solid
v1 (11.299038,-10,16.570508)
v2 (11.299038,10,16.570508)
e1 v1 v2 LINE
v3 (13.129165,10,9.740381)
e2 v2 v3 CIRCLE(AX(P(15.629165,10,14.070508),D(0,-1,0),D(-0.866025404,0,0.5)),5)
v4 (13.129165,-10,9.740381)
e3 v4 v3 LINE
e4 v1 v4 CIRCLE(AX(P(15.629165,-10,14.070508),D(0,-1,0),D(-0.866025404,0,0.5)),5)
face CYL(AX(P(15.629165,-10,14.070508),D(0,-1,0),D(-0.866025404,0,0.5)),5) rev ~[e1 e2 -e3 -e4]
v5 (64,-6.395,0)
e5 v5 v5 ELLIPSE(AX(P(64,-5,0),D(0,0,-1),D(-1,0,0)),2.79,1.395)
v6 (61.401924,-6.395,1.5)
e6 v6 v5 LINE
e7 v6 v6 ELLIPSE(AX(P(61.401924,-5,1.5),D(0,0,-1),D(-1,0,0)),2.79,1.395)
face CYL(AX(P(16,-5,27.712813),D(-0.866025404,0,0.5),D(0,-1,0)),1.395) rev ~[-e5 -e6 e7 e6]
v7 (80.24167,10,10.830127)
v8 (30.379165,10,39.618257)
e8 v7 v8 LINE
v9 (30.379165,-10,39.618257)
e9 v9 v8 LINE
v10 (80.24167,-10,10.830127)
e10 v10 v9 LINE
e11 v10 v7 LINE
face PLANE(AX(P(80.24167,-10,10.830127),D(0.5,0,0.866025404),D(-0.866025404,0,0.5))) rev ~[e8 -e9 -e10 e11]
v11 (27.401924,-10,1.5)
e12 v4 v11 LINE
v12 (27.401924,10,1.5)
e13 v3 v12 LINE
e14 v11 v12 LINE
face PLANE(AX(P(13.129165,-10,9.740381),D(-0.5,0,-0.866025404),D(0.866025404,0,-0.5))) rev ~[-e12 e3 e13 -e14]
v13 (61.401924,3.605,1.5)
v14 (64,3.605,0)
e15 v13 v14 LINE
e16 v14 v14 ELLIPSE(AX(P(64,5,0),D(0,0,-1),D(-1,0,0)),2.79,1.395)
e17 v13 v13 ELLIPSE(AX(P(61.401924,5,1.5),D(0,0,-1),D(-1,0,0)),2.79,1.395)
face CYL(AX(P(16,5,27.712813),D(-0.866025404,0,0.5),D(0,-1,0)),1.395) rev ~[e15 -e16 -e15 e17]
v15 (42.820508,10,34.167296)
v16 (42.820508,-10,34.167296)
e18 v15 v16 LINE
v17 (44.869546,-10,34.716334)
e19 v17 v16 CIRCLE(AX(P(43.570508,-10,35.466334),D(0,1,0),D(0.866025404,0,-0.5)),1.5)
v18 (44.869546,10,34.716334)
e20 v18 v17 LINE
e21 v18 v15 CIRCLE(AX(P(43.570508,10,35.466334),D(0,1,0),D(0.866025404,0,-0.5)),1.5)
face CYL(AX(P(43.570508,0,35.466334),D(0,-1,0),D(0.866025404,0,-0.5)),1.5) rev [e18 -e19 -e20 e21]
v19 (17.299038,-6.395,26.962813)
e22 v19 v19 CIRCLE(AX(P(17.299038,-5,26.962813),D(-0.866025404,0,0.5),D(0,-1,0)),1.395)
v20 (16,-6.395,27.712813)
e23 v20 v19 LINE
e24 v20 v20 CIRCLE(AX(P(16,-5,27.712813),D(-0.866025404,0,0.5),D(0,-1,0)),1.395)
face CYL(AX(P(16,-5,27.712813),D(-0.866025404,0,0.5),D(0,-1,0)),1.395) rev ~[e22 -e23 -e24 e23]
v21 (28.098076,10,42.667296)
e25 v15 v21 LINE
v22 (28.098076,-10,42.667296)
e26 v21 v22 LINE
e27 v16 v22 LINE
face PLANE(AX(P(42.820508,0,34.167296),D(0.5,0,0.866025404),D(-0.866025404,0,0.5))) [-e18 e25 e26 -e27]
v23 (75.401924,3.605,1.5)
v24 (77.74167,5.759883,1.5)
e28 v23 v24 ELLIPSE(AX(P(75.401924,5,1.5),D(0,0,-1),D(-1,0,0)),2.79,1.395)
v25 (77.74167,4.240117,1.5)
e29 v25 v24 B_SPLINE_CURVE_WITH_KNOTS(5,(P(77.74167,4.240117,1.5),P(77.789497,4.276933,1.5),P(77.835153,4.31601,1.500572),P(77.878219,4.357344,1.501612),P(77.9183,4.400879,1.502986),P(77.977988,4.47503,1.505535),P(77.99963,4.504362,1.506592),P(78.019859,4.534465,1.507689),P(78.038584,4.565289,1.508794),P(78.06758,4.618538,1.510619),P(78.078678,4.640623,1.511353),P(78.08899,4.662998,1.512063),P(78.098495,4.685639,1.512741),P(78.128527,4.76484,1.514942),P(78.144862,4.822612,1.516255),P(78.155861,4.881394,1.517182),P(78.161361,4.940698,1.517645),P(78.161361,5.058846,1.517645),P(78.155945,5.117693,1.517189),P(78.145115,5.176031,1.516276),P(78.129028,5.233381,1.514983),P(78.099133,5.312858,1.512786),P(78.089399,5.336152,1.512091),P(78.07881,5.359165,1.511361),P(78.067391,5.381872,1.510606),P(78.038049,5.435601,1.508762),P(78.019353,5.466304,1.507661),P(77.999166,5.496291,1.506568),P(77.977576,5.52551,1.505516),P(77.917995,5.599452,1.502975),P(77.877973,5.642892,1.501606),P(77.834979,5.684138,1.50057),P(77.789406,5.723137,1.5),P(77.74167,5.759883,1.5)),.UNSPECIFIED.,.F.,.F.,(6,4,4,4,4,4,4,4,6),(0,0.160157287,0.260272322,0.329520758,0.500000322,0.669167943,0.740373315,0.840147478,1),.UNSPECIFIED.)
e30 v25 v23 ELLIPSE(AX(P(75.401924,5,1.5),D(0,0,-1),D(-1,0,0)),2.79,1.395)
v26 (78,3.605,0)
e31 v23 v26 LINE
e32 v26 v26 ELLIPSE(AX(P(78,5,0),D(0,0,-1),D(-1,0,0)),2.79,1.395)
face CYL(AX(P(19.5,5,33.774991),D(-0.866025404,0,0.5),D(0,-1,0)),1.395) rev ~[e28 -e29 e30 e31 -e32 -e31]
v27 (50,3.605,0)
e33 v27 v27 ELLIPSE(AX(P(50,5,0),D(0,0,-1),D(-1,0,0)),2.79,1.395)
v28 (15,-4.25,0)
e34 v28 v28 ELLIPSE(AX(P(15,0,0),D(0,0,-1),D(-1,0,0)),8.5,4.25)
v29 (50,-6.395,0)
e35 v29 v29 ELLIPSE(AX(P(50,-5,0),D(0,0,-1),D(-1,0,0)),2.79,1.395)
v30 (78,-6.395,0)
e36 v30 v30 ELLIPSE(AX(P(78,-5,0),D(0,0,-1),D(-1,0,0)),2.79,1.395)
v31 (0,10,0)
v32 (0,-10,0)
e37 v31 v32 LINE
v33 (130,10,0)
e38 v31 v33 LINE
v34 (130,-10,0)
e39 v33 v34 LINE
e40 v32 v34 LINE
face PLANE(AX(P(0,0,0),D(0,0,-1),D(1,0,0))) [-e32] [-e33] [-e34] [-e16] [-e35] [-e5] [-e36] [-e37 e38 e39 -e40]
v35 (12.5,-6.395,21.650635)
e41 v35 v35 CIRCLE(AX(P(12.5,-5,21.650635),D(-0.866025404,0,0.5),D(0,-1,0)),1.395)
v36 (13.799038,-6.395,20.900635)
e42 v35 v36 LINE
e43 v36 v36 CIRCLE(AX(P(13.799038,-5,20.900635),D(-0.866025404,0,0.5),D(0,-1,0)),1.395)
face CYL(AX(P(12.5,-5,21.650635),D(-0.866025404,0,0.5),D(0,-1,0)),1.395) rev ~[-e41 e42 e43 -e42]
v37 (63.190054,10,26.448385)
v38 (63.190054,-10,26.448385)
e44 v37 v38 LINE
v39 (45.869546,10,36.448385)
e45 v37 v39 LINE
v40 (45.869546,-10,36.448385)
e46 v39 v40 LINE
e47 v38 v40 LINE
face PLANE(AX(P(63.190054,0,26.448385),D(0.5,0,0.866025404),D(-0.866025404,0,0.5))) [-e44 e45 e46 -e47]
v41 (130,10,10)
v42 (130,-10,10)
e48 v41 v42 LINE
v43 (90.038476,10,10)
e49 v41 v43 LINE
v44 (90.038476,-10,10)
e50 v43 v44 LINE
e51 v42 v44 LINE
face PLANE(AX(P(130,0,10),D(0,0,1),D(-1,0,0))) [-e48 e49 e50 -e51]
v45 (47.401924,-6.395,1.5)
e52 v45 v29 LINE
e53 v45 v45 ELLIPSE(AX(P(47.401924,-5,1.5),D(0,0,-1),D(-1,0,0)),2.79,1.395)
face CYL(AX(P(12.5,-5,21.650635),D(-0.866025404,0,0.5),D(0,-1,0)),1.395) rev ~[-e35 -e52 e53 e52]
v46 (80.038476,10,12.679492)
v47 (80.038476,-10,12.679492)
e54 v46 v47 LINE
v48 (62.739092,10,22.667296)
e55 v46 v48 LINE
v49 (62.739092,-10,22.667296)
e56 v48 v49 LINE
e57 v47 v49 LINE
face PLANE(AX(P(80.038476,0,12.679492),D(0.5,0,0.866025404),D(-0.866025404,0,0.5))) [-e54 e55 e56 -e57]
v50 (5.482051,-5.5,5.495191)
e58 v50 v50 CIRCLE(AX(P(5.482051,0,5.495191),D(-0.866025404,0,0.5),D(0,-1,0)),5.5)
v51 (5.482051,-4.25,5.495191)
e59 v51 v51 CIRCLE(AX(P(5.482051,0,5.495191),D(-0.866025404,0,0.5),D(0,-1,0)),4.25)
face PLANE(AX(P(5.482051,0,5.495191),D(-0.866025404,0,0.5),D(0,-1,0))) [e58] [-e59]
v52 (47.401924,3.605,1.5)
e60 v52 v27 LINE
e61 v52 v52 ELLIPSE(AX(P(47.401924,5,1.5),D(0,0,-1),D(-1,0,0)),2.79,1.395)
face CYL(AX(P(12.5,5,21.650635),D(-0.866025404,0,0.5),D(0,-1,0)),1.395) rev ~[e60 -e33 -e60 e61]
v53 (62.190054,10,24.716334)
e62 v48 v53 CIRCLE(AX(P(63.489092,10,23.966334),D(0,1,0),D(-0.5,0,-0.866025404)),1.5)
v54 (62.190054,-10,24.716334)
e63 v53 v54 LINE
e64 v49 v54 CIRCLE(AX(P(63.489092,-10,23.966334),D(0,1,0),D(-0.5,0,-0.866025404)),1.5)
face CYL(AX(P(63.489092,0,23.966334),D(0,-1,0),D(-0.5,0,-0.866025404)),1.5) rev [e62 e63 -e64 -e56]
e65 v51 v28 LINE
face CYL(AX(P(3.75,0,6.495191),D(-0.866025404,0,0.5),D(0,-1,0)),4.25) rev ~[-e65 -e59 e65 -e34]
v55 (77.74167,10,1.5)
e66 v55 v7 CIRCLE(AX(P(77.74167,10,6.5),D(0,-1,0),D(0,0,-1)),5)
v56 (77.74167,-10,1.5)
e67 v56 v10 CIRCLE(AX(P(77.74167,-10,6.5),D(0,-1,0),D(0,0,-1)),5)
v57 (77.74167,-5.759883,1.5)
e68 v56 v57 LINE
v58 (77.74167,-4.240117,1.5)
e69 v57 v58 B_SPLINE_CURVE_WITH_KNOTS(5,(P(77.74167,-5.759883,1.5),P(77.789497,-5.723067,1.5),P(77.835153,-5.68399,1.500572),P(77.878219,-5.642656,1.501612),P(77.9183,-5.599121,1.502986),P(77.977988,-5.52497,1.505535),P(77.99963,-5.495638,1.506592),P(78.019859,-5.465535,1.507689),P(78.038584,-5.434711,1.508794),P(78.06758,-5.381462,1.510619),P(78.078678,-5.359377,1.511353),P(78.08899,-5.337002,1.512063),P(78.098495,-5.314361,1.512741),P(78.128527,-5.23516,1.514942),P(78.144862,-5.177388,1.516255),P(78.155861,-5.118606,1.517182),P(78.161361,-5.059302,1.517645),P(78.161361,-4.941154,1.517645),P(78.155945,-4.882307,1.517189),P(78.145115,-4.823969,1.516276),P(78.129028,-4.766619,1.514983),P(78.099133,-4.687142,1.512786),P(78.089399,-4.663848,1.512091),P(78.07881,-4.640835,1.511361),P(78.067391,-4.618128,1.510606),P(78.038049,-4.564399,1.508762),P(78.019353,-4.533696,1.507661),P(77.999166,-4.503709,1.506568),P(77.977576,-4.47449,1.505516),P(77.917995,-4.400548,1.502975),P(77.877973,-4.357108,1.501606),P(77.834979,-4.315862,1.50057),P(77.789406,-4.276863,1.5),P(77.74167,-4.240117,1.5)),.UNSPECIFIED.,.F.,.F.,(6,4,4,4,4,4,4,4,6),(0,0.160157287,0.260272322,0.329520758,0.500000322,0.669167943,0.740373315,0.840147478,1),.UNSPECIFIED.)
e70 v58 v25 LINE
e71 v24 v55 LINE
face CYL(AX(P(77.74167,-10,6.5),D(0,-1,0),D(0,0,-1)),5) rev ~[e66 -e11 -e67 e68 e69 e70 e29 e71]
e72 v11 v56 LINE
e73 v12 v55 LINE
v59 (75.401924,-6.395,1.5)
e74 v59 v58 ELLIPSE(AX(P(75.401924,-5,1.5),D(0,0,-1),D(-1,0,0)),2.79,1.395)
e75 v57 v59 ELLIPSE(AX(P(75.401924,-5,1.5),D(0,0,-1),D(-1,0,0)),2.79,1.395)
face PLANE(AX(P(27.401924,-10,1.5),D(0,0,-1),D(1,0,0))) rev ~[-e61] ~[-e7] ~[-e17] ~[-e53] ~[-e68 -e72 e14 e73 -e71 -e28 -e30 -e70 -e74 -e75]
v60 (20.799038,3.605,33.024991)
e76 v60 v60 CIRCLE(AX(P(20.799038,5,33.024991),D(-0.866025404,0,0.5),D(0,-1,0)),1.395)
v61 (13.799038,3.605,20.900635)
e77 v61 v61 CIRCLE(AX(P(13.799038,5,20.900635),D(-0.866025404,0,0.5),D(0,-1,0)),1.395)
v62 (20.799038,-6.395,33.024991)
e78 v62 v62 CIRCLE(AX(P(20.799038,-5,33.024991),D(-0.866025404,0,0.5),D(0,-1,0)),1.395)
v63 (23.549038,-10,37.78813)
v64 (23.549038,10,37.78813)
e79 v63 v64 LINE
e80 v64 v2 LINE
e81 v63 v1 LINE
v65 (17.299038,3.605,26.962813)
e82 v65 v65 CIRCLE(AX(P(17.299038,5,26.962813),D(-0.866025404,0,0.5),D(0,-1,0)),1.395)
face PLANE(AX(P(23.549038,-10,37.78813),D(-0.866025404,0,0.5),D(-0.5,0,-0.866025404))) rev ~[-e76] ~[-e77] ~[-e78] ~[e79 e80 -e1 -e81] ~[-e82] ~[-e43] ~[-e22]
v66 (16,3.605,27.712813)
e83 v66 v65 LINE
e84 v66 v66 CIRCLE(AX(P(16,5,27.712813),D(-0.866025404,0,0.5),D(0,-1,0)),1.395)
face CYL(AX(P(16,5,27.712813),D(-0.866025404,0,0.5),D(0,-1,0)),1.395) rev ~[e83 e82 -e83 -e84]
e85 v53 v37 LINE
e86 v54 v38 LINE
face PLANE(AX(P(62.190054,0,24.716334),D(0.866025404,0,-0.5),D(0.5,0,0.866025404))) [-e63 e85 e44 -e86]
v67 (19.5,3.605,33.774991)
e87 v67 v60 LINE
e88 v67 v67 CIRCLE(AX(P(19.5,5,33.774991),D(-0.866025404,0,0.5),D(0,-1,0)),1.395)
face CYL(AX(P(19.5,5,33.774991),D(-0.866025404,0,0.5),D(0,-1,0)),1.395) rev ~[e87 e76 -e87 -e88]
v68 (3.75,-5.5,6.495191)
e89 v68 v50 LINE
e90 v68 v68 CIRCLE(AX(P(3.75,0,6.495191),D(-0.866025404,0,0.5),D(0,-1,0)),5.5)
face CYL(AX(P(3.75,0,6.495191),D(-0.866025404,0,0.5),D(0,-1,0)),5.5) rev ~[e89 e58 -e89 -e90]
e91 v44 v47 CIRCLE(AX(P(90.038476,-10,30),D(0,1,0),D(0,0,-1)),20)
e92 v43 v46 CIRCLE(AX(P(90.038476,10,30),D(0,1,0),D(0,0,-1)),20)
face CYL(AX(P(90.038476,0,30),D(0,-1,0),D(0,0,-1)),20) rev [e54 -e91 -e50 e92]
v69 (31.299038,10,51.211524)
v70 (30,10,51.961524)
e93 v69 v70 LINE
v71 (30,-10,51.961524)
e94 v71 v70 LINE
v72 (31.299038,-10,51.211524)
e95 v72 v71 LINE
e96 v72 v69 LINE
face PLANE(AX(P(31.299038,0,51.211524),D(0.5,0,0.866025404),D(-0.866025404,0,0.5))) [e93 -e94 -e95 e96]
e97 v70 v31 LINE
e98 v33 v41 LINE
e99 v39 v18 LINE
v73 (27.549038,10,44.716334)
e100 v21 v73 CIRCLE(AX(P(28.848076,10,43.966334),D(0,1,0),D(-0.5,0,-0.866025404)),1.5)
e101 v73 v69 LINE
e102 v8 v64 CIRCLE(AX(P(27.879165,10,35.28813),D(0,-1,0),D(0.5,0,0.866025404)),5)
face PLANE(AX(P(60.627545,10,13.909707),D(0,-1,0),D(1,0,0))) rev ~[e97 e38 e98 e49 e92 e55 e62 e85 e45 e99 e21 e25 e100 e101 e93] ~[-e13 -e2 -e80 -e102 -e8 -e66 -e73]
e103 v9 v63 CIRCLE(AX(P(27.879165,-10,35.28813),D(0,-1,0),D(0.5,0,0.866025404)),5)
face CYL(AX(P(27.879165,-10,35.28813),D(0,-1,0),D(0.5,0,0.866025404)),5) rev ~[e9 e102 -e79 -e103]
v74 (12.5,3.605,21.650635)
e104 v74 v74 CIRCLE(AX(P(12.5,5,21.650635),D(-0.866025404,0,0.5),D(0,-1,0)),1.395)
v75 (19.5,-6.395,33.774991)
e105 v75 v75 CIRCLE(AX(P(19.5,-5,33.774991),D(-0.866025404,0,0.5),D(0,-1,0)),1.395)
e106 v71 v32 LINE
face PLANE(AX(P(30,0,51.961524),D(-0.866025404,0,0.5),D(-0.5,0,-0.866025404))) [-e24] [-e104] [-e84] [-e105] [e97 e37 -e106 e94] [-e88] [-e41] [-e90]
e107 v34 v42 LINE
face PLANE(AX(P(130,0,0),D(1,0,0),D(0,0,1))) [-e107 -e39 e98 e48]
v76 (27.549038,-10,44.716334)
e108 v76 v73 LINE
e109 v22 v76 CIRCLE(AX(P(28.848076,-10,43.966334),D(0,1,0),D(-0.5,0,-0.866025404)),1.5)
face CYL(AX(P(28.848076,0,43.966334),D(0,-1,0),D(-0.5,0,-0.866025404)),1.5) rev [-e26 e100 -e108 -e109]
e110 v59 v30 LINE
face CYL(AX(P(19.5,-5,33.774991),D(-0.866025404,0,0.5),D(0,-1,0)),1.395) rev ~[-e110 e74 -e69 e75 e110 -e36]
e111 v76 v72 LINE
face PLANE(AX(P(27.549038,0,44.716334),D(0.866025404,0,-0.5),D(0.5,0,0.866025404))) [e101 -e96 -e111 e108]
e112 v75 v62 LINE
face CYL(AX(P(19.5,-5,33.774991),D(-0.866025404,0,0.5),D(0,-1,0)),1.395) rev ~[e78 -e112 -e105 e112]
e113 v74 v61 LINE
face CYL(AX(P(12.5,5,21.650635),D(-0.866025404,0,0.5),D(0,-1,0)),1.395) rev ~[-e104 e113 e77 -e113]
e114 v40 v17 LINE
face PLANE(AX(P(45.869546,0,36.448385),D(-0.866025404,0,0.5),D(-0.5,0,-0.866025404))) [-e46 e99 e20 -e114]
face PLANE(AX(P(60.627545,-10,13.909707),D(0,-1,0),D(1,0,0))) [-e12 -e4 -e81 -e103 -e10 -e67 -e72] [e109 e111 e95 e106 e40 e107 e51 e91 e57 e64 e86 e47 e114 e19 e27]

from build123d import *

# Parameters (mm, degrees)
F1_DEPTH = 10
F3_DEPTH = 20
F4_R     = 4.25
F5_DEPTH = 112.584302492
F4_R_2   = 5.5
F6_DEPTH = 2
F4_R_3   = 1.395
F7_DEPTH = 112.584302492


with BuildPart() as f1:
    # F0 (on Front) → F1 (new body, symmetric)
    with BuildSketch(Plane.XZ):
        with BuildLine():
            Line((30, 51.9615242271), (0, 0))
            Line((0, 0), (130, 0))
            Line((130, 0), (130, 10))
            Line((130, 10), (90.0384757729, 10))
            ThreePointArc((90.0384757729, 10), (84.8620948709, 10.6814834742), (80.0384757729, 12.6794919243))
            Line((80.0384757729, 12.6794919243), (62.7390923627, 22.667295593))
            ThreePointArc((62.7390923627, 22.667295593), (62.0402036233, 23.578105131), (62.1900542571, 24.7163336987))
            Line((62.1900542571, 24.7163336987), (63.1900542571, 26.4483845063))
            Line((63.1900542571, 26.4483845063), (45.8695461814, 36.4483845063))
            Line((45.8695461814, 36.4483845063), (44.8695461814, 34.7163336987))
            ThreePointArc((44.8695461814, 34.7163336987), (43.9587366433, 34.0174449592), (42.8205080757, 34.167295593))
            Line((42.8205080757, 34.167295593), (28.0980762114, 42.667295593))
            ThreePointArc((28.0980762114, 42.667295593), (27.3991874719, 43.578105131), (27.5490381057, 44.7163336987))
            Line((27.5490381057, 44.7163336987), (31.2990381057, 51.2115242271))
            Line((31.2990381057, 51.2115242271), (30, 51.9615242271))
        make_face()
    extrude(amount=F1_DEPTH, both=True)

    # F2 (on face) → F3 (cut)
    with BuildSketch(Plane.XZ.offset(10)):
        with BuildLine():
            ThreePointArc((30.3791651246, 39.6182574873), (26.5850698991, 40.1177595999), (23.5490381057, 37.7881304684))
            Line((23.5490381057, 37.7881304684), (11.2990381057, 16.5705080757))
            ThreePointArc((11.2990381057, 16.5705080757), (10.7995359932, 12.7764128502), (13.1291651246, 9.7403810568))
            Line((13.1291651246, 9.7403810568), (27.4019237886, 1.5))
            Line((27.4019237886, 1.5), (77.7416697508, 1.5))
            ThreePointArc((77.7416697508, 1.5), (82.5712988822, 5.2059047745), (80.2416697508, 10.8301270189))
            Line((80.2416697508, 10.8301270189), (30.3791651246, 39.6182574873))
        make_face()
    extrude(amount=-F3_DEPTH, mode=Mode.SUBTRACT)

    # F4 (on face) → F5 (cut, through all)
    with BuildSketch(Plane(origin=(0, 0, 0), x_dir=(0, -1, 0), z_dir=(-0.8660254038, 0, 0.5))):
        with Locations((0, 7.5)):
            Circle(F4_R)
    extrude(amount=-F5_DEPTH, mode=Mode.SUBTRACT)

    # F4 (on face) → F6 (cut)
    with BuildSketch(Plane(origin=(0, 0, 0), x_dir=(0, -1, 0), z_dir=(-0.8660254038, 0, 0.5))):
        with Locations((0, 7.5)):
            Circle(F4_R_2)
        with Locations((0, 7.5)):
            Circle(F4_R, mode=Mode.SUBTRACT)
    extrude(amount=-F6_DEPTH, mode=Mode.SUBTRACT)

    # F4 (on face) → F7 (cut, through all)
    with BuildSketch(Plane(origin=(0, 0, 0), x_dir=(0, -1, 0), z_dir=(-0.8660254038, 0, 0.5))):
        with Locations((-5, 25)):
            Circle(F4_R_3)
        with Locations((5, 32)):
            Circle(F4_R_3)
        with Locations((-5, 32)):
            Circle(F4_R_3)
        with Locations((5, 39)):
            Circle(F4_R_3)
        with Locations((-5, 39)):
            Circle(F4_R_3)
        with Locations((5, 25)):
            Circle(F4_R_3)
    extrude(amount=-F7_DEPTH, mode=Mode.SUBTRACT)


solid = f1.part
